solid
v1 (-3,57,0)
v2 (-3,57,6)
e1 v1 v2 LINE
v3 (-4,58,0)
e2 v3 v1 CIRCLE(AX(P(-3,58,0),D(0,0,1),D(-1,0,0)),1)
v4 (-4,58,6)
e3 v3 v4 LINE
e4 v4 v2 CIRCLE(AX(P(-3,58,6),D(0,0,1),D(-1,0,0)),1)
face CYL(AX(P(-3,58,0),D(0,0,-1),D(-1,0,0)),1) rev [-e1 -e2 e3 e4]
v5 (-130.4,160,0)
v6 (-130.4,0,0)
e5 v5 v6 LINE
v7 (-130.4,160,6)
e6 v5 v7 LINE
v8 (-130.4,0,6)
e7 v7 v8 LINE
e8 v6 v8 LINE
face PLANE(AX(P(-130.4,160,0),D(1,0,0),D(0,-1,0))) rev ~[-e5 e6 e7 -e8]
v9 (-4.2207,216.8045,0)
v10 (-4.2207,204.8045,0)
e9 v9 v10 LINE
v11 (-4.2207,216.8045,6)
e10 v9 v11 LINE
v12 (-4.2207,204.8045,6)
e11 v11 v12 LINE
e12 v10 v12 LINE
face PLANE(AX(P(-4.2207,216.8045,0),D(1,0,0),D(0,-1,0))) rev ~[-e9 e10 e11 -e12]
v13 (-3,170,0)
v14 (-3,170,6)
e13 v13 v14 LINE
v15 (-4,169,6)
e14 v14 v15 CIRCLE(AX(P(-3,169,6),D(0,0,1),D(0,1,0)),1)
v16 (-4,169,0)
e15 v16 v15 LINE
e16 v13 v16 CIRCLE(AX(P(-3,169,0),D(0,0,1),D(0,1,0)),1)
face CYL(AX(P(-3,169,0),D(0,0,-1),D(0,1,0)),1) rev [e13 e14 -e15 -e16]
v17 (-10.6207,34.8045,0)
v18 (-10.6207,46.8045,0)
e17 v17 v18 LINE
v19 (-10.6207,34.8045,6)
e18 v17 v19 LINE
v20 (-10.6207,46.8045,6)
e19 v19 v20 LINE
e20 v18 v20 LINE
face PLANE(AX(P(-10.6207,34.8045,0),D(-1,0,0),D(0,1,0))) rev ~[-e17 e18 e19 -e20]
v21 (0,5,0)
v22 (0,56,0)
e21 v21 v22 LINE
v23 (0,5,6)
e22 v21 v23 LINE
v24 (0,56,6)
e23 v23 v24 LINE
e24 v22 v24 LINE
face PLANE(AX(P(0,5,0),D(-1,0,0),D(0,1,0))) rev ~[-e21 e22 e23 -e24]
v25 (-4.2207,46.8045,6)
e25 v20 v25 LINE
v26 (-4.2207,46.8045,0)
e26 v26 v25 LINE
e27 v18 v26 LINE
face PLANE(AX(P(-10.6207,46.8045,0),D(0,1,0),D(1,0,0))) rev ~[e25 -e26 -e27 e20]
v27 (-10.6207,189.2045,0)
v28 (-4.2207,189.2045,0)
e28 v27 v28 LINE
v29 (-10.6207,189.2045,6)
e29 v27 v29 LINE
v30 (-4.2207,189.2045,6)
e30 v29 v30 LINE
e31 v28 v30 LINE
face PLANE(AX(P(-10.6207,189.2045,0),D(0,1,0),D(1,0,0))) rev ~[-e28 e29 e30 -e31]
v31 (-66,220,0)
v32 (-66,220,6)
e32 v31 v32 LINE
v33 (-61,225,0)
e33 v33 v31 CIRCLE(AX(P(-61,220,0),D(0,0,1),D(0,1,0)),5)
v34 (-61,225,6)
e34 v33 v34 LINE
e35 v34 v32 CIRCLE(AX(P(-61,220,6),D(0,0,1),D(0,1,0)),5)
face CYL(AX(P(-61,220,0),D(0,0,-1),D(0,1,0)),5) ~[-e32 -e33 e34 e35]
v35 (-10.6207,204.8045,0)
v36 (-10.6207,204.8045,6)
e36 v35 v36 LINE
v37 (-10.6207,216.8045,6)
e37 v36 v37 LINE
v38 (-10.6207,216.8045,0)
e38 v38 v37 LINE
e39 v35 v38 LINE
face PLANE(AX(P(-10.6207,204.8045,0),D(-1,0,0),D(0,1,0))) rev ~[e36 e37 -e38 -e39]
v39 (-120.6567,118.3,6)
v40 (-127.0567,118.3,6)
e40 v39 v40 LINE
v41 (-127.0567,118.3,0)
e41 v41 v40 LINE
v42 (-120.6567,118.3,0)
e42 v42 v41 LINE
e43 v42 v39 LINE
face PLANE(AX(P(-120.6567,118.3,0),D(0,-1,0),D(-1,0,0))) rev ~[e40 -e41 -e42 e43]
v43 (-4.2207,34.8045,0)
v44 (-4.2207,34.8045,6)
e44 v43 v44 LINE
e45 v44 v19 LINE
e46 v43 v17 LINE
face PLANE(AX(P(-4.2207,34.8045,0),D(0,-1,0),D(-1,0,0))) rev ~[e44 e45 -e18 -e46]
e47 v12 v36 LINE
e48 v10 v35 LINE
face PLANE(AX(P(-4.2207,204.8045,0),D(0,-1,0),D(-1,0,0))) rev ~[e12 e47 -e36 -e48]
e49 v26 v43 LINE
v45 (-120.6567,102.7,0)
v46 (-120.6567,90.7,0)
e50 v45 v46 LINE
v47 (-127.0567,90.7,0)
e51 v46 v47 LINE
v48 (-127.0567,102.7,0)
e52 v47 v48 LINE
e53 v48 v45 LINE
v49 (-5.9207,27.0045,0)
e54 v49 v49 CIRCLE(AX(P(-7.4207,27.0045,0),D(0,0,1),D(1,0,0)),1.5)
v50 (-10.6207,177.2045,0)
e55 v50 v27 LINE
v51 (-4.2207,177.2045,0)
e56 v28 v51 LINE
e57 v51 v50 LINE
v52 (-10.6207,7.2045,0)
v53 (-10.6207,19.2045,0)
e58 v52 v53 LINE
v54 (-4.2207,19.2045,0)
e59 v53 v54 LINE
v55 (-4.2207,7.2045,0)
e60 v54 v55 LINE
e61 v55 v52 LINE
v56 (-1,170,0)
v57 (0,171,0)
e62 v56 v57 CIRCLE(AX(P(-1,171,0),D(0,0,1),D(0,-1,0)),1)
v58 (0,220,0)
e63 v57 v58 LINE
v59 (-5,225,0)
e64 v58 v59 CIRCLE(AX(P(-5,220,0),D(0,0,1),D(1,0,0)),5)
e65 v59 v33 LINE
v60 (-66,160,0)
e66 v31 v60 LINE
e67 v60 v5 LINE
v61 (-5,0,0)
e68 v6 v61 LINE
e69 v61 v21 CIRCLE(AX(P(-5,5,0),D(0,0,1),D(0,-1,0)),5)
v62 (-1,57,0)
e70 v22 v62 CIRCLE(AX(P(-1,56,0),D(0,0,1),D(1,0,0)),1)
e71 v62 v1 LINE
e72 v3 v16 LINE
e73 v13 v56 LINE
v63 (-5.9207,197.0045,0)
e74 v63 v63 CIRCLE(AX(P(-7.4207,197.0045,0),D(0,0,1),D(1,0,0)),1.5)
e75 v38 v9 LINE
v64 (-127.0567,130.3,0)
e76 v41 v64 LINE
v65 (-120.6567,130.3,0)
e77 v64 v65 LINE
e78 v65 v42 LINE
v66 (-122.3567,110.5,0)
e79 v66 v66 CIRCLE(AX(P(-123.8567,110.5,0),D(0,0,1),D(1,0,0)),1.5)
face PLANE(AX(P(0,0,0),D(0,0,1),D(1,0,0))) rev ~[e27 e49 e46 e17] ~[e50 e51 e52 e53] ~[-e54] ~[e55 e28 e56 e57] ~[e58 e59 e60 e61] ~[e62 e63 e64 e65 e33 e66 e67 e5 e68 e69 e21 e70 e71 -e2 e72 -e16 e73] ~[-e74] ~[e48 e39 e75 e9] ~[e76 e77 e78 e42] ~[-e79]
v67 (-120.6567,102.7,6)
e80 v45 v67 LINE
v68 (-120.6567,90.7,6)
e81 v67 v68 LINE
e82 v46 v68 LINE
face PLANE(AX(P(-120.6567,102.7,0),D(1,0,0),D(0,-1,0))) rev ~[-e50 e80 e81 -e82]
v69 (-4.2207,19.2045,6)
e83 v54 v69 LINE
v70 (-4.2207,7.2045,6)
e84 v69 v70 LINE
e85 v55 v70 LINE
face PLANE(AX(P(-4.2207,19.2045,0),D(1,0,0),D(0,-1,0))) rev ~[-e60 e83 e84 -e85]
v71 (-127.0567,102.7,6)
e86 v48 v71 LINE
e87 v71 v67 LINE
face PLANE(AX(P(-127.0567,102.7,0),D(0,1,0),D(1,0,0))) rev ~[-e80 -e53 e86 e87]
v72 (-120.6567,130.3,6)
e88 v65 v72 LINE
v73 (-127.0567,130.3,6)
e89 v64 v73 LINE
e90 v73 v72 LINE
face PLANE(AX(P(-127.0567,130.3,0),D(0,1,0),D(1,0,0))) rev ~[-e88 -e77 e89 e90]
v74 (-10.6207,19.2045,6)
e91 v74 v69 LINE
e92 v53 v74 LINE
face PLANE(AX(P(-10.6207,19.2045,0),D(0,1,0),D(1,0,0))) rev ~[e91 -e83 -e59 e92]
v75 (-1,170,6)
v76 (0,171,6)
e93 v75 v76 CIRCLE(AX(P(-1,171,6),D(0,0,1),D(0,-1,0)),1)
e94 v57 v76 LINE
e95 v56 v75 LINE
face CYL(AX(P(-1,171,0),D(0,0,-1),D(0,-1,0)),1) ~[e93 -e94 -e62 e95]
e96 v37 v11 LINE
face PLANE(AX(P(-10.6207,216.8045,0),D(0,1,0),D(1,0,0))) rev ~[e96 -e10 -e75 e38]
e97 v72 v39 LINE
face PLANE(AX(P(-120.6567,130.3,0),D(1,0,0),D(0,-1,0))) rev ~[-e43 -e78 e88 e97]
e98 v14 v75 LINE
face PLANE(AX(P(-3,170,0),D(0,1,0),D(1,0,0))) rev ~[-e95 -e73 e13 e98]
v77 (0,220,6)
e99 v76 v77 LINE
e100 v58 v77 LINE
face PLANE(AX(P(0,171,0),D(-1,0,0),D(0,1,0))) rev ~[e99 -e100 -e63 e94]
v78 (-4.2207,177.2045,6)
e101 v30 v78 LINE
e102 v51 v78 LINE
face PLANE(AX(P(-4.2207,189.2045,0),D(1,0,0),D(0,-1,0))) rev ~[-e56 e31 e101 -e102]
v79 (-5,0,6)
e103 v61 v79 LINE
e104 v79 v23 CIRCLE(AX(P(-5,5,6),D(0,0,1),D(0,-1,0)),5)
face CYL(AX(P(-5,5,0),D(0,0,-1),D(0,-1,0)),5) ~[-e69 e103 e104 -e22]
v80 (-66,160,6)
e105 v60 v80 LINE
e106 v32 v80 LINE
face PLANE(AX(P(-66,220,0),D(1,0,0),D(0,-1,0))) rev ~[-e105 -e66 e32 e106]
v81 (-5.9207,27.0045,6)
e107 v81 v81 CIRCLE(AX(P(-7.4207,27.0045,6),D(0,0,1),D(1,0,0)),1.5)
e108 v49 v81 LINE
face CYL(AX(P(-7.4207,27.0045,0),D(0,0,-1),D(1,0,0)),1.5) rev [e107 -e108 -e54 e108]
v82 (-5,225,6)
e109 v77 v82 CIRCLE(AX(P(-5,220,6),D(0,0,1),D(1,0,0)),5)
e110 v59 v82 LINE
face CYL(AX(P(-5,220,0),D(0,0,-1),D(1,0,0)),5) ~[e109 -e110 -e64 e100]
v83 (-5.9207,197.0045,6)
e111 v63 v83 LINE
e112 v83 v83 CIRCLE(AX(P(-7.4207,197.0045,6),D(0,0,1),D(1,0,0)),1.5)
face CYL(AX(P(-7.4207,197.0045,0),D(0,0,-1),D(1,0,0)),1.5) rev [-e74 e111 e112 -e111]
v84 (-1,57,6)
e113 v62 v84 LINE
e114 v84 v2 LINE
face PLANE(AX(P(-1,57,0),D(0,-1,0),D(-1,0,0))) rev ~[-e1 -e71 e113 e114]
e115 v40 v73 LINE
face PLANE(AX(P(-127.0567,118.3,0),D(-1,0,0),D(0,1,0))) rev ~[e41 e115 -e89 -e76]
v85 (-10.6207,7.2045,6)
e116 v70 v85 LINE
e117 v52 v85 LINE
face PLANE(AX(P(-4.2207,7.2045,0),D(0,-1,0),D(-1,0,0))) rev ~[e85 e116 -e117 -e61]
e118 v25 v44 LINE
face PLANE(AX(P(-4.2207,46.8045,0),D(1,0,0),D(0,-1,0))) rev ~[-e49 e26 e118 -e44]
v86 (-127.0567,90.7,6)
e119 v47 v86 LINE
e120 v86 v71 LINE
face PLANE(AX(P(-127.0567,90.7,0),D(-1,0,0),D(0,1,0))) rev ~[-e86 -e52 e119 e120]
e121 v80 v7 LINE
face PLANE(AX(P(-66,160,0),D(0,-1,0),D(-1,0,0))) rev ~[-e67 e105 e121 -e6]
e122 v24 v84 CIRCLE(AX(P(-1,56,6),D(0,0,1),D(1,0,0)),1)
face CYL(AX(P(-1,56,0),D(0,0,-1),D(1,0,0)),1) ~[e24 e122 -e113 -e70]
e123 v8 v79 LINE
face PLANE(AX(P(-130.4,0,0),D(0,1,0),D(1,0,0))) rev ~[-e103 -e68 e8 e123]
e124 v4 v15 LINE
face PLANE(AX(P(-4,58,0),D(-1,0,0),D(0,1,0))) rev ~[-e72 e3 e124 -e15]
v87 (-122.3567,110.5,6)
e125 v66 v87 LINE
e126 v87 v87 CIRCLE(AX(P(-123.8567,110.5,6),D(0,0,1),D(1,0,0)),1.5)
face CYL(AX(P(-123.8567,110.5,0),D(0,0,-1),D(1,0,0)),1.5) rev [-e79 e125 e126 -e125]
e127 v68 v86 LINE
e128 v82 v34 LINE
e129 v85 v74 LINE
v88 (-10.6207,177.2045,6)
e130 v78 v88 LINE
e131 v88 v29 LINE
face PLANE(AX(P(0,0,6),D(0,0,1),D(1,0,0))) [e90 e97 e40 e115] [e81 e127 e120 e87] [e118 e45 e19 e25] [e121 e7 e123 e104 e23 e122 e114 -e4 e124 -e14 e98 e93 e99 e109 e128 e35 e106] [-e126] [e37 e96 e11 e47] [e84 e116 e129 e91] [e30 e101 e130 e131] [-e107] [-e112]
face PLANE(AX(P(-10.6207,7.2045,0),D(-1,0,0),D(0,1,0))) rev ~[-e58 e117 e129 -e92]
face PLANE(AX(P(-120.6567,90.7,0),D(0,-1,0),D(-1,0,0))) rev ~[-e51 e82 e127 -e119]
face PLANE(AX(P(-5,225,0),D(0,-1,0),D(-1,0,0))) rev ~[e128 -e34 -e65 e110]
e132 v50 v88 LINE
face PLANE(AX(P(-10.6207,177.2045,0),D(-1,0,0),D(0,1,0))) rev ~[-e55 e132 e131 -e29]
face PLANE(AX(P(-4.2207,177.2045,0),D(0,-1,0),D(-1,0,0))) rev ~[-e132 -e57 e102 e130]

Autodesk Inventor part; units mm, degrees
ref_plane "YZ Plane" through (0, 0, 0) normal (1, 0, 0) x (0, 1, 0)
ref_plane "XZ Plane" through (0, 0, 0) normal (0, 1, 0) x (-1, 0, 0)
ref_plane "XY Plane" through (0, 0, 0) normal (0, 0, 1) x (1, 0, 0)
sketch "Sketch1" plane through (0, 0, 0) normal (0, 0, 1) x (1, 0, 0)
  line L0 (-4.2207, 7.2045) -> (-10.6207, 7.2045)
  line L1 (-10.6207, 7.2045) -> (-10.6207, 19.2045)
  line L2 (-10.6207, 19.2045) -> (-4.2207, 19.2045)
  line L3 (-4.2207, 19.2045) -> (-4.2207, 7.2045)
  circle A0 centre (-7.4207, 27.0045) radius 1.5
  line L4 (-4.2207, 34.8045) -> (-10.6207, 34.8045)
  line L5 (-10.6207, 34.8045) -> (-10.6207, 46.8045)
  line L6 (-10.6207, 46.8045) -> (-4.2207, 46.8045)
  line L7 (-4.2207, 46.8045) -> (-4.2207, 34.8045)
  line L8 (-4.2207, 177.2045) -> (-10.6207, 177.2045)
  line L9 (-10.6207, 177.2045) -> (-10.6207, 189.2045)
  line L10 (-10.6207, 189.2045) -> (-4.2207, 189.2045)
  line L11 (-4.2207, 189.2045) -> (-4.2207, 177.2045)
  circle A1 centre (-7.4207, 197.0045) radius 1.5
  line L12 (-4.2207, 204.8045) -> (-10.6207, 204.8045)
  line L13 (-10.6207, 204.8045) -> (-10.6207, 216.8045)
  line L14 (-10.6207, 216.8045) -> (-4.2207, 216.8045)
  line L15 (-4.2207, 216.8045) -> (-4.2207, 204.8045)
  line L16 (-120.6567, 90.7) -> (-127.0567, 90.7)
  line L17 (-127.0567, 90.7) -> (-127.0567, 102.7)
  line L18 (-127.0567, 102.7) -> (-120.6567, 102.7)
  line L19 (-120.6567, 102.7) -> (-120.6567, 90.7)
  circle A2 centre (-123.8567, 110.5) radius 1.5
  line L20 (-120.6567, 118.3) -> (-127.0567, 118.3)
  line L21 (-127.0567, 118.3) -> (-127.0567, 130.3)
  line L22 (-127.0567, 130.3) -> (-120.6567, 130.3)
  line L23 (-120.6567, 130.3) -> (-120.6567, 118.3)
  line L24 (-66, 160) -> (-130.4, 160)
  line L25 (-130.4, 160) -> (-130.4, 0)
  line L26 (-130.4, 0) -> (-5, 0)
  arc A3 (-5, 0) -> (0, 5) centre (-5, 5) ccw
  line L27 (0, 5) -> (0, 56)
  arc A4 (0, 56) -> (-1, 57) centre (-1, 56) ccw
  line L28 (-1, 57) -> (-3, 57)
  arc A5 (-4, 58) -> (-3, 57) centre (-3, 58) ccw
  line L29 (-4, 58) -> (-4, 169)
  arc A6 (-3, 170) -> (-4, 169) centre (-3, 169) ccw
  line L30 (-3, 170) -> (-1, 170)
  arc A7 (-1, 170) -> (0, 171) centre (-1, 171) ccw
  line L31 (0, 171) -> (0, 220)
  arc A8 (0, 220) -> (-5, 225) centre (-5, 220) ccw
  line L32 (-5, 225) -> (-61, 225)
  arc A9 (-61, 225) -> (-66, 220) centre (-61, 220) ccw
  line L33 (-66, 220) -> (-66, 160)
  point P0 (0, 0)
  point P1 (0, 0)
extrude "Extrusion1" add sketch "Sketch1" along normal blind 6
properties part number "boardCaseBottom"
